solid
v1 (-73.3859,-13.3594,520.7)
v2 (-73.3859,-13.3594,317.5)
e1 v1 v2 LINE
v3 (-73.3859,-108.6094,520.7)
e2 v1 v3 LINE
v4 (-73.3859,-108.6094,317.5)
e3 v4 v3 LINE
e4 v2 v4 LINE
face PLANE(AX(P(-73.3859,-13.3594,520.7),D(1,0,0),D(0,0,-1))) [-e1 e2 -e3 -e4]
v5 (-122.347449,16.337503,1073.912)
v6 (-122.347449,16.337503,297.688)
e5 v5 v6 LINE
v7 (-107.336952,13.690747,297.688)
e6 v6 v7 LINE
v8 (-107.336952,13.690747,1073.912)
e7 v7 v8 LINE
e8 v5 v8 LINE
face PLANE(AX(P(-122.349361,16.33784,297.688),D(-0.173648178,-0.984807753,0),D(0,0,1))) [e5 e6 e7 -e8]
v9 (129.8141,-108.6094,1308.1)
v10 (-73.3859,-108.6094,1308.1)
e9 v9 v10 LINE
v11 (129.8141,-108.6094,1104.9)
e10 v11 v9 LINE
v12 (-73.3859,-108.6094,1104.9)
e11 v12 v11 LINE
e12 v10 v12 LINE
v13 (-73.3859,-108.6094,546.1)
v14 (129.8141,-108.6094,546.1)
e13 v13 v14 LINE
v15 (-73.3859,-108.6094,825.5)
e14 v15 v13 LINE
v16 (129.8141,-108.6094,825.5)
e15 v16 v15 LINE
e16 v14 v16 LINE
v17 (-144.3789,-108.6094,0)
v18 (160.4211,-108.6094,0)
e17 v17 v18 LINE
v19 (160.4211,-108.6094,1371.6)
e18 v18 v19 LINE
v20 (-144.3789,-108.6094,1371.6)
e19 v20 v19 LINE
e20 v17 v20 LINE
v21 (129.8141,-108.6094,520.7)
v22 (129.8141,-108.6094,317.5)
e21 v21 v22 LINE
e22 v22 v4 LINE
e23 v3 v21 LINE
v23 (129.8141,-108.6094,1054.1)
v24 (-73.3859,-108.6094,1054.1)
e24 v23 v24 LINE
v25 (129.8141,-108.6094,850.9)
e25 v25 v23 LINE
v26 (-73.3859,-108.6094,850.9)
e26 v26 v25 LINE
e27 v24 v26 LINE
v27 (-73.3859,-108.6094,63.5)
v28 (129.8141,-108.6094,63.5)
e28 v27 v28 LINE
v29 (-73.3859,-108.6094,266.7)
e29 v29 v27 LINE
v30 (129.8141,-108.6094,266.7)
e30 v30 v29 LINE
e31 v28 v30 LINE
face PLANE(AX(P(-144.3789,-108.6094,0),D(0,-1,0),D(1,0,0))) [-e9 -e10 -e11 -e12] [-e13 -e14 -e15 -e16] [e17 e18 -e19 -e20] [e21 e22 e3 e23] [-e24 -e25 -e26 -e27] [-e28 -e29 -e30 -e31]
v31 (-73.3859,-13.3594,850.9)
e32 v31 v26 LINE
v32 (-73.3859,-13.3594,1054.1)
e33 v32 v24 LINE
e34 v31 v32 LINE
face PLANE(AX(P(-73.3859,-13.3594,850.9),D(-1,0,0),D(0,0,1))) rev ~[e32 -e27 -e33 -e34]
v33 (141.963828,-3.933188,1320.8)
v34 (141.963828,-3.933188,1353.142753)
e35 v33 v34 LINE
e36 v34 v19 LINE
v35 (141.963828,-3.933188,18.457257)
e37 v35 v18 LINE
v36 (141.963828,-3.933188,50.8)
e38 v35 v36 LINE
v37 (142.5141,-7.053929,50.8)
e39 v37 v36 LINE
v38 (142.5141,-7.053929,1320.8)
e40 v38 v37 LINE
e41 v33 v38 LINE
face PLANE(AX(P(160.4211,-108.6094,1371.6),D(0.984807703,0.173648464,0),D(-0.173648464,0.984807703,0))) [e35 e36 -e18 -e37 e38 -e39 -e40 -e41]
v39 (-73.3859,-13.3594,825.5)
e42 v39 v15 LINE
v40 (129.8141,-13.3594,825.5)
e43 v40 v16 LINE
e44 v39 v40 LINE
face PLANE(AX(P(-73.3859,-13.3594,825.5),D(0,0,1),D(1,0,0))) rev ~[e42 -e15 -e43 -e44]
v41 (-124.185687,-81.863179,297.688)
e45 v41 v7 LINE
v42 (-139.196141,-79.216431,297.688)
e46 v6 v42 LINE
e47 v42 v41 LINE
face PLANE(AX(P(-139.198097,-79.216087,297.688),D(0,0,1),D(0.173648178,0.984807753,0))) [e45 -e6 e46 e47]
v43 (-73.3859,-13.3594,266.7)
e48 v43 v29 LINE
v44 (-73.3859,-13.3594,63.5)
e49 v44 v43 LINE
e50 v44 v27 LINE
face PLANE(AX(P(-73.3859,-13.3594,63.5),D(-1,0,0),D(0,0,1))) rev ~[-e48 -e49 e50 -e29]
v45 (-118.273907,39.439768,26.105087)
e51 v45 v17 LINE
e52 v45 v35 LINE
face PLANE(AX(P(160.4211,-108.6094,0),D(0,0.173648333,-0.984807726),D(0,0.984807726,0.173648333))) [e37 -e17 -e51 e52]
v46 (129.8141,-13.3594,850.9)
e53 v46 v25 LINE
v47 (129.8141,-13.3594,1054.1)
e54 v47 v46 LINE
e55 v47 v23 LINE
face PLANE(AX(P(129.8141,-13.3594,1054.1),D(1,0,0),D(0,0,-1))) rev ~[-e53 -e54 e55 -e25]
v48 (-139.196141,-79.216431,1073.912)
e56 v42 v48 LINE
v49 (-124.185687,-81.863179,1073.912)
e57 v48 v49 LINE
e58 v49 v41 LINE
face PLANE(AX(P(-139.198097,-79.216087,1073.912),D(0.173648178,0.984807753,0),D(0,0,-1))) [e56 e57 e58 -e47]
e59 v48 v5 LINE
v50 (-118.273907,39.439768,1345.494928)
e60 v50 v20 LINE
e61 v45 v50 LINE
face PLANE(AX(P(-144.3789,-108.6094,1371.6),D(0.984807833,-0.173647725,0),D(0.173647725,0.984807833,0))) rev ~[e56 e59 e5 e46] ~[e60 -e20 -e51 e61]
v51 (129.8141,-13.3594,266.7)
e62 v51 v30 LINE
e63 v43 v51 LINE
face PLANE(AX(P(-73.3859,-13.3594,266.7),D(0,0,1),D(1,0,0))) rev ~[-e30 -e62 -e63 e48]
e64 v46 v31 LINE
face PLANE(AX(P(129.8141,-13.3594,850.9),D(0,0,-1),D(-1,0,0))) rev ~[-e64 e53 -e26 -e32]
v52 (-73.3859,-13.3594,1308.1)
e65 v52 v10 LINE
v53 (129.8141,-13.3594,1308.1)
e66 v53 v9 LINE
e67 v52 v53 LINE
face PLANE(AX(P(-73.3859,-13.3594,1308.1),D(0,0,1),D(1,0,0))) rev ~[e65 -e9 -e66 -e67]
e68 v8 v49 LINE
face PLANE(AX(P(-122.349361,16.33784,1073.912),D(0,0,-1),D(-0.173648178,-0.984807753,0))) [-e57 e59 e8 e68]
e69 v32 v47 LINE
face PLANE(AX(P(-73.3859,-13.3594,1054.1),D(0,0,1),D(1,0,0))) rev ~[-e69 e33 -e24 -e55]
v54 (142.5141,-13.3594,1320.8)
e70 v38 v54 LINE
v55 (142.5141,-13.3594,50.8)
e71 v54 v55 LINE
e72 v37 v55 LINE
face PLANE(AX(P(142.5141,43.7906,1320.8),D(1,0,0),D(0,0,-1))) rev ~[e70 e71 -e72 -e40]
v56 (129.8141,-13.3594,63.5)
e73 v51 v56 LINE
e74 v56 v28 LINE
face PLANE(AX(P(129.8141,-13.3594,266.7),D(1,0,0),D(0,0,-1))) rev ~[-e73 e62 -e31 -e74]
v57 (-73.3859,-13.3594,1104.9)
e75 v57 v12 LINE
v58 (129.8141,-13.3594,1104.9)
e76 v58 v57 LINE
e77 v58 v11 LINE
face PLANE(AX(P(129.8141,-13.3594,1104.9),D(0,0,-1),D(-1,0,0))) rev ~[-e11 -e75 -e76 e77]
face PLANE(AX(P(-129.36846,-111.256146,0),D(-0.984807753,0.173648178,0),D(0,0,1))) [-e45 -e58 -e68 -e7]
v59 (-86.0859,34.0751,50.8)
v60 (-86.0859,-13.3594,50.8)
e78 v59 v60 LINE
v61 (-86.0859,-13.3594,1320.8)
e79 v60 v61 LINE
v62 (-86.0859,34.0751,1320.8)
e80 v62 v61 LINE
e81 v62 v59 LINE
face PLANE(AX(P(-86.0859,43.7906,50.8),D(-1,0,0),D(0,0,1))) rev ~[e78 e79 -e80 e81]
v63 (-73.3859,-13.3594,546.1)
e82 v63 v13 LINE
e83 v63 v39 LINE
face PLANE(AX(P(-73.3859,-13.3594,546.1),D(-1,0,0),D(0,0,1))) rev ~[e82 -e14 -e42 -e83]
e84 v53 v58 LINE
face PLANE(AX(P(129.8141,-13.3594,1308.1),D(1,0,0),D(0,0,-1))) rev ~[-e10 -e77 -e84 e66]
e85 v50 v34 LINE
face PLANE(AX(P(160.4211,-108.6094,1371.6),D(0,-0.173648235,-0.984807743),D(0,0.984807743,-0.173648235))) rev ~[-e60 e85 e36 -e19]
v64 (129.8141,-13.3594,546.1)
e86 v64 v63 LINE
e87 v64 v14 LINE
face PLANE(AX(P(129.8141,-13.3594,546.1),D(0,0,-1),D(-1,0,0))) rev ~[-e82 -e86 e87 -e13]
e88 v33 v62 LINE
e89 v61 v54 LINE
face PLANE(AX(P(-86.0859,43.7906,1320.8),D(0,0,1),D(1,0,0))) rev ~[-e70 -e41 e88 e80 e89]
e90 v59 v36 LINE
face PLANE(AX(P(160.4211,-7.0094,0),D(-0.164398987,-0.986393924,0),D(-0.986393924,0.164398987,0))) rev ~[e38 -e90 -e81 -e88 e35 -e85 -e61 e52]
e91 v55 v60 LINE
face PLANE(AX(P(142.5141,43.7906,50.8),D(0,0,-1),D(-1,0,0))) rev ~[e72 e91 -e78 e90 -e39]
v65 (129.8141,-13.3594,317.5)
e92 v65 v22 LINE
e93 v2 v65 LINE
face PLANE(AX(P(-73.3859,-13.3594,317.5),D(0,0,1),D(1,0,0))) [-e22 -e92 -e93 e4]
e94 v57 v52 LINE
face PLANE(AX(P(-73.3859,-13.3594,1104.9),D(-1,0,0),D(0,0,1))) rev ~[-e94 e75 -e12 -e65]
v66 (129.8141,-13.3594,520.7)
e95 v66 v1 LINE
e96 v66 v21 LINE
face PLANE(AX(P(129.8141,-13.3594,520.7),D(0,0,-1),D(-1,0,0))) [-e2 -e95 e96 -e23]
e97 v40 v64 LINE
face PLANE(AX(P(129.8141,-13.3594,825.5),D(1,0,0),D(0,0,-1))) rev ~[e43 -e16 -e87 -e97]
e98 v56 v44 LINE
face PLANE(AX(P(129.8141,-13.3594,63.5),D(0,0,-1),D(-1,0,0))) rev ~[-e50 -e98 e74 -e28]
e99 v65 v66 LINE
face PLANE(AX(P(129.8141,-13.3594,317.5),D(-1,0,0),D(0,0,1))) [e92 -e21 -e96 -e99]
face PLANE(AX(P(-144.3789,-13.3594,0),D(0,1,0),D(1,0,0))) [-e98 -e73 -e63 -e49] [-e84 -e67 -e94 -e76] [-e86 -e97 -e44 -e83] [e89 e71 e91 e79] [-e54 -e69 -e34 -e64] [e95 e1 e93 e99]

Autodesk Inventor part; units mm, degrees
ref_plane "YZ Plane" through (0, 0, 0) normal (1, 0, 0) x (0, 1, 0)
ref_plane "XZ Plane" through (0, 0, 0) normal (0, 1, 0) x (-1, 0, 0)
ref_plane "XY Plane" through (0, 0, 0) normal (0, 0, 1) x (1, 0, 0)
sketch "Sketch4" plane through (0, 0, 0) normal (0, 0, 1) x (1, 0, 0)
  line L0 (-144.3789, 43.7906) -> (-144.3789, -108.6094)
  line L1 (-144.3789, -108.6094) -> (160.4211, -108.6094)
  line L2 (160.4211, -108.6094) -> (160.4211, -7.0094)
  line L3 (160.4211, -7.0094) -> (-144.3789, 43.7906)
  point P0 (0, 0)
  dimension "d6" = 304.8
  dimension "d7" = 152.4
  dimension "d8" = 101.6
extrude "Body" add sketch "Sketch4" along normal blind 1371.6
sketch "Sketch5" plane through (160.4211, -108.6094, 0) normal (1, 0, 0) x (0, 0, -1)
  line L0 (-1371.6, 0) -> (-1371.6, 101.6) projected
  line L1 (0, 0) -> (-1371.6, 0) projected
  line L2 (-1371.6, 0) -> (-1318.7374, 299.7986)
  line L3 (-1318.7374, 299.7986) -> (-1508.9577, 299.7986)
  line L4 (-1371.6, 152.4) -> (-1371.6, 0) projected
  line L5 (-1508.9577, 299.7986) -> (-1371.6, 0)
  point P0 (0, 108.6094)
  dimension "d11" = 10
extrude "LeftBevel" cut sketch "Sketch5" against normal blind 1371.6
sketch "Sketch6" plane through (160.4211, -108.6094, 0) normal (1, 0, 0) x (0, 0, -1)
  line L0 (0, 0) -> (0, 101.6) projected
  line L1 (0, 0) -> (-1371.6, 0) projected
  line L2 (0, 0) -> (-29.2918, 166.1219)
  line L3 (-29.2918, 166.1219) -> (35.444, 166.1219)
  line L4 (35.444, 166.1219) -> (0, 0)
  point P0 (0, 108.6094)
  dimension "d14" = 10
extrude "RightBevel" cut sketch "Sketch6" against normal blind 1371.6
sketch "Sketch7" plane through (0, 0, 1371.6) normal (0, 0, 1) x (1, 0, 0)
  line L0 (-144.3789, 43.7906) -> (-144.3789, -108.6094) projected
  line L1 (-144.3789, -108.6094) -> (-110.1629, 85.4397)
  line L2 (-110.1629, 85.4397) -> (-236.272, 85.4397)
  line L3 (-236.272, 85.4397) -> (-144.3789, -108.6094)
  point P0 (0, 0)
  dimension "d17" = 10
extrude "BackBevel" cut sketch "Sketch7" against normal blind 1371.6
sketch "Sketch8" plane through (0, 0, 1371.6) normal (0, 0, 1) x (1, 0, 0)
  line L0 (160.4211, -108.6094) -> (160.4211, -7.0094) projected
  line L1 (-144.3789, -108.6094) -> (160.4211, -108.6094) projected
  line L2 (160.4211, -108.6094) -> (129.3641, 67.5233)
  line L3 (129.3641, 67.5233) -> (267.9679, 67.5233)
  line L4 (267.9679, 67.5233) -> (160.4211, -108.6094)
  point P0 (0, 0)
  dimension "d20" = 10
extrude "FrontBevel" cut sketch "Sketch8" against normal blind 1371.6
sketch "Sketch9" plane through (-144.3789, -108.6094, 0) normal (0, -1, 0) x (1, 0, 0)
  line L0 (286.893, 1320.8) -> (58.293, 1320.8)
  line L1 (58.293, 1320.8) -> (58.293, 50.8)
  line L2 (58.293, 50.8) -> (286.893, 50.8)
  line L3 (286.893, 50.8) -> (286.893, 1320.8)
  line L4 (304.8, 0) -> (304.8, 1371.6) projected
  line L5 (0, 0) -> (304.8, 0) projected
  line L6 (0, 1371.6) -> (304.8, 1371.6) projected
  point P0 (144.3789, 0)
  dimension "d24" = 228.6
  dimension "d25" = 17.907
  dimension "d26" = 50.8
  dimension "d31" = 50.8
extrude "BottomEx" add sketch "Sketch9" against normal blind 152.4
sketch "Sketch10" plane through (-144.3789, 43.7906, 0) normal (0, 1, 0) x (1, 0, 0)
  line L0 (58.293, -1320.8) -> (286.893, -1320.8) projected
  line L1 (286.893, -1320.8) -> (286.893, -50.8) projected
  line L2 (286.893, -50.8) -> (58.293, -50.8) projected
  line L3 (58.293, -50.8) -> (58.293, -1320.8) projected
  line L4 (58.293, -50.8) -> (286.893, -50.8) projected
  line L5 (286.893, -50.8) -> (58.293, -50.8)
  line L6 (58.293, -50.8) -> (58.293, -1320.8)
  line L7 (58.293, -1320.8) -> (286.893, -1320.8)
  line L8 (286.893, -1320.8) -> (286.893, -50.8)
  point P0 (144.3789, 0)
  point P1 (26.1051, -50.8)
extrude "Extrusion8" cut sketch "Sketch10" against normal blind 57.15
sketch "Sketch11" plane through (-144.3789, -13.3594, 0) normal (0, 1, 0) x (1, 0, 0)
  line L0 (70.993, -266.7) -> (274.193, -266.7)
  line L1 (274.193, -266.7) -> (274.193, -63.5)
  line L2 (274.193, -63.5) -> (70.993, -63.5)
  line L3 (70.993, -63.5) -> (70.993, -266.7)
  line L4 (58.293, -1320.8) -> (58.293, -50.8) projected
  line L5 (58.293, -50.8) -> (286.893, -50.8) projected
  point P0 (144.3789, 0)
  dimension "d32" = 203.2
  dimension "d33" = 203.2
  dimension "d34" = 12.7
  dimension "d35" = 12.7
extrude "Extrusion9" cut sketch "Sketch11" against normal blind 174.625
sketch "Sketch12" plane through (-144.3789, -13.3594, 0) normal (0, 1, 0) x (1, 0, 0)
  line L0 (58.293, -1320.8) -> (58.293, -50.8) projected
  line L1 (286.893, -1320.8) -> (58.293, -1320.8) projected
  line L2 (70.993, -1308.1) -> (274.193, -1308.1)
  line L3 (274.193, -1308.1) -> (274.193, -1104.9)
  line L4 (274.193, -1104.9) -> (70.993, -1104.9)
  line L5 (70.993, -1104.9) -> (70.993, -1308.1)
  point P0 (144.3789, 0)
  dimension "d38" = 203.2
  dimension "d39" = 203.2
  dimension "d40" = 12.7
  dimension "d41" = 12.7
extrude "Extrusion10" cut sketch "Sketch12" against normal blind 166.6875
sketch "Sketch13" plane through (-144.3789, -13.3594, 0) normal (0, 1, 0) x (1, 0, 0)
  line L0 (70.993, -266.7) -> (70.993, -63.5) projected
  line L1 (70.993, -266.7) -> (274.193, -266.7) projected
  line L2 (274.193, -266.7) -> (70.993, -266.7) projected
  line L3 (274.193, -266.7) -> (70.993, -266.7) projected
  line L4 (70.993, -317.5) -> (274.193, -317.5)
  line L5 (274.193, -317.5) -> (274.193, -520.7)
  line L6 (274.193, -520.7) -> (70.993, -520.7)
  line L7 (70.993, -520.7) -> (70.993, -317.5)
  point P0 (144.3789, 0)
  dimension "d44" = 0
  dimension "d45" = 50.8
  dimension "d46" = 203.2
  dimension "d47" = 203.2
extrude "Extrusion11" cut sketch "Sketch13" against normal blind 166.6875
sketch "Sketch14" plane through (-144.3789, -13.3594, 0) normal (0, 1, 0) x (1, 0, 0)
  line L0 (70.993, -1308.1) -> (70.993, -1104.9) projected
  line L1 (70.993, -1104.9) -> (274.193, -1104.9) projected
  line L2 (70.993, -1054.1) -> (274.193, -1054.1)
  line L3 (274.193, -1054.1) -> (274.193, -850.9)
  line L4 (274.193, -850.9) -> (70.993, -850.9)
  line L5 (70.993, -850.9) -> (70.993, -1054.1)
  point P0 (144.3789, 0)
  dimension "d50" = 0
  dimension "d51" = 50.8
  dimension "d52" = 203.2
  dimension "d53" = 203.2
extrude "Extrusion12" cut sketch "Sketch14" against normal blind 166.6875
sketch "Sketch15" plane through (-144.3789, -13.3594, 0) normal (0, 1, 0) x (1, 0, 0)
  line L0 (70.993, -825.5) -> (274.193, -825.5)
  line L1 (274.193, -825.5) -> (274.193, -546.1)
  line L2 (274.193, -546.1) -> (70.993, -546.1)
  line L3 (70.993, -546.1) -> (70.993, -825.5)
  line L4 (70.993, -520.7) -> (70.993, -317.5) projected
  line L5 (274.193, -520.7) -> (70.993, -520.7) projected
  line L6 (70.993, -850.9) -> (274.193, -850.9) projected
  point P0 (144.3789, 0)
  dimension "d56" = 279.4
  dimension "d57" = 203.2
  dimension "d58" = 0
  dimension "d59" = 25.4
  dimension "d60" = 25.4
extrude "Extrusion13" cut sketch "Sketch15" against normal blind 166.6875
sketch "Sketch16" plane through (-144.3789, -108.6094, 0) normal (-0.9848, 0.1736, 0) x (0, 0, 1)
  line L0 (297.688, 126.8744) -> (1073.912, 126.8744)
  line L1 (1073.912, 126.8744) -> (1073.912, 29.8464)
  line L2 (1073.912, 29.8464) -> (297.688, 29.8464)
  line L3 (297.688, 29.8464) -> (297.688, 126.8744)
  line L4 (0, 0) -> (0, 150.3331) projected
  point P0 (0, 132.0305)
  dimension "d63" = 97.028
  dimension "d64" = 776.224
  dimension "d65" = 297.688
extrude "Extrusion14" cut sketch "Sketch16" against normal blind 15.24
properties part number "FullConsole"
